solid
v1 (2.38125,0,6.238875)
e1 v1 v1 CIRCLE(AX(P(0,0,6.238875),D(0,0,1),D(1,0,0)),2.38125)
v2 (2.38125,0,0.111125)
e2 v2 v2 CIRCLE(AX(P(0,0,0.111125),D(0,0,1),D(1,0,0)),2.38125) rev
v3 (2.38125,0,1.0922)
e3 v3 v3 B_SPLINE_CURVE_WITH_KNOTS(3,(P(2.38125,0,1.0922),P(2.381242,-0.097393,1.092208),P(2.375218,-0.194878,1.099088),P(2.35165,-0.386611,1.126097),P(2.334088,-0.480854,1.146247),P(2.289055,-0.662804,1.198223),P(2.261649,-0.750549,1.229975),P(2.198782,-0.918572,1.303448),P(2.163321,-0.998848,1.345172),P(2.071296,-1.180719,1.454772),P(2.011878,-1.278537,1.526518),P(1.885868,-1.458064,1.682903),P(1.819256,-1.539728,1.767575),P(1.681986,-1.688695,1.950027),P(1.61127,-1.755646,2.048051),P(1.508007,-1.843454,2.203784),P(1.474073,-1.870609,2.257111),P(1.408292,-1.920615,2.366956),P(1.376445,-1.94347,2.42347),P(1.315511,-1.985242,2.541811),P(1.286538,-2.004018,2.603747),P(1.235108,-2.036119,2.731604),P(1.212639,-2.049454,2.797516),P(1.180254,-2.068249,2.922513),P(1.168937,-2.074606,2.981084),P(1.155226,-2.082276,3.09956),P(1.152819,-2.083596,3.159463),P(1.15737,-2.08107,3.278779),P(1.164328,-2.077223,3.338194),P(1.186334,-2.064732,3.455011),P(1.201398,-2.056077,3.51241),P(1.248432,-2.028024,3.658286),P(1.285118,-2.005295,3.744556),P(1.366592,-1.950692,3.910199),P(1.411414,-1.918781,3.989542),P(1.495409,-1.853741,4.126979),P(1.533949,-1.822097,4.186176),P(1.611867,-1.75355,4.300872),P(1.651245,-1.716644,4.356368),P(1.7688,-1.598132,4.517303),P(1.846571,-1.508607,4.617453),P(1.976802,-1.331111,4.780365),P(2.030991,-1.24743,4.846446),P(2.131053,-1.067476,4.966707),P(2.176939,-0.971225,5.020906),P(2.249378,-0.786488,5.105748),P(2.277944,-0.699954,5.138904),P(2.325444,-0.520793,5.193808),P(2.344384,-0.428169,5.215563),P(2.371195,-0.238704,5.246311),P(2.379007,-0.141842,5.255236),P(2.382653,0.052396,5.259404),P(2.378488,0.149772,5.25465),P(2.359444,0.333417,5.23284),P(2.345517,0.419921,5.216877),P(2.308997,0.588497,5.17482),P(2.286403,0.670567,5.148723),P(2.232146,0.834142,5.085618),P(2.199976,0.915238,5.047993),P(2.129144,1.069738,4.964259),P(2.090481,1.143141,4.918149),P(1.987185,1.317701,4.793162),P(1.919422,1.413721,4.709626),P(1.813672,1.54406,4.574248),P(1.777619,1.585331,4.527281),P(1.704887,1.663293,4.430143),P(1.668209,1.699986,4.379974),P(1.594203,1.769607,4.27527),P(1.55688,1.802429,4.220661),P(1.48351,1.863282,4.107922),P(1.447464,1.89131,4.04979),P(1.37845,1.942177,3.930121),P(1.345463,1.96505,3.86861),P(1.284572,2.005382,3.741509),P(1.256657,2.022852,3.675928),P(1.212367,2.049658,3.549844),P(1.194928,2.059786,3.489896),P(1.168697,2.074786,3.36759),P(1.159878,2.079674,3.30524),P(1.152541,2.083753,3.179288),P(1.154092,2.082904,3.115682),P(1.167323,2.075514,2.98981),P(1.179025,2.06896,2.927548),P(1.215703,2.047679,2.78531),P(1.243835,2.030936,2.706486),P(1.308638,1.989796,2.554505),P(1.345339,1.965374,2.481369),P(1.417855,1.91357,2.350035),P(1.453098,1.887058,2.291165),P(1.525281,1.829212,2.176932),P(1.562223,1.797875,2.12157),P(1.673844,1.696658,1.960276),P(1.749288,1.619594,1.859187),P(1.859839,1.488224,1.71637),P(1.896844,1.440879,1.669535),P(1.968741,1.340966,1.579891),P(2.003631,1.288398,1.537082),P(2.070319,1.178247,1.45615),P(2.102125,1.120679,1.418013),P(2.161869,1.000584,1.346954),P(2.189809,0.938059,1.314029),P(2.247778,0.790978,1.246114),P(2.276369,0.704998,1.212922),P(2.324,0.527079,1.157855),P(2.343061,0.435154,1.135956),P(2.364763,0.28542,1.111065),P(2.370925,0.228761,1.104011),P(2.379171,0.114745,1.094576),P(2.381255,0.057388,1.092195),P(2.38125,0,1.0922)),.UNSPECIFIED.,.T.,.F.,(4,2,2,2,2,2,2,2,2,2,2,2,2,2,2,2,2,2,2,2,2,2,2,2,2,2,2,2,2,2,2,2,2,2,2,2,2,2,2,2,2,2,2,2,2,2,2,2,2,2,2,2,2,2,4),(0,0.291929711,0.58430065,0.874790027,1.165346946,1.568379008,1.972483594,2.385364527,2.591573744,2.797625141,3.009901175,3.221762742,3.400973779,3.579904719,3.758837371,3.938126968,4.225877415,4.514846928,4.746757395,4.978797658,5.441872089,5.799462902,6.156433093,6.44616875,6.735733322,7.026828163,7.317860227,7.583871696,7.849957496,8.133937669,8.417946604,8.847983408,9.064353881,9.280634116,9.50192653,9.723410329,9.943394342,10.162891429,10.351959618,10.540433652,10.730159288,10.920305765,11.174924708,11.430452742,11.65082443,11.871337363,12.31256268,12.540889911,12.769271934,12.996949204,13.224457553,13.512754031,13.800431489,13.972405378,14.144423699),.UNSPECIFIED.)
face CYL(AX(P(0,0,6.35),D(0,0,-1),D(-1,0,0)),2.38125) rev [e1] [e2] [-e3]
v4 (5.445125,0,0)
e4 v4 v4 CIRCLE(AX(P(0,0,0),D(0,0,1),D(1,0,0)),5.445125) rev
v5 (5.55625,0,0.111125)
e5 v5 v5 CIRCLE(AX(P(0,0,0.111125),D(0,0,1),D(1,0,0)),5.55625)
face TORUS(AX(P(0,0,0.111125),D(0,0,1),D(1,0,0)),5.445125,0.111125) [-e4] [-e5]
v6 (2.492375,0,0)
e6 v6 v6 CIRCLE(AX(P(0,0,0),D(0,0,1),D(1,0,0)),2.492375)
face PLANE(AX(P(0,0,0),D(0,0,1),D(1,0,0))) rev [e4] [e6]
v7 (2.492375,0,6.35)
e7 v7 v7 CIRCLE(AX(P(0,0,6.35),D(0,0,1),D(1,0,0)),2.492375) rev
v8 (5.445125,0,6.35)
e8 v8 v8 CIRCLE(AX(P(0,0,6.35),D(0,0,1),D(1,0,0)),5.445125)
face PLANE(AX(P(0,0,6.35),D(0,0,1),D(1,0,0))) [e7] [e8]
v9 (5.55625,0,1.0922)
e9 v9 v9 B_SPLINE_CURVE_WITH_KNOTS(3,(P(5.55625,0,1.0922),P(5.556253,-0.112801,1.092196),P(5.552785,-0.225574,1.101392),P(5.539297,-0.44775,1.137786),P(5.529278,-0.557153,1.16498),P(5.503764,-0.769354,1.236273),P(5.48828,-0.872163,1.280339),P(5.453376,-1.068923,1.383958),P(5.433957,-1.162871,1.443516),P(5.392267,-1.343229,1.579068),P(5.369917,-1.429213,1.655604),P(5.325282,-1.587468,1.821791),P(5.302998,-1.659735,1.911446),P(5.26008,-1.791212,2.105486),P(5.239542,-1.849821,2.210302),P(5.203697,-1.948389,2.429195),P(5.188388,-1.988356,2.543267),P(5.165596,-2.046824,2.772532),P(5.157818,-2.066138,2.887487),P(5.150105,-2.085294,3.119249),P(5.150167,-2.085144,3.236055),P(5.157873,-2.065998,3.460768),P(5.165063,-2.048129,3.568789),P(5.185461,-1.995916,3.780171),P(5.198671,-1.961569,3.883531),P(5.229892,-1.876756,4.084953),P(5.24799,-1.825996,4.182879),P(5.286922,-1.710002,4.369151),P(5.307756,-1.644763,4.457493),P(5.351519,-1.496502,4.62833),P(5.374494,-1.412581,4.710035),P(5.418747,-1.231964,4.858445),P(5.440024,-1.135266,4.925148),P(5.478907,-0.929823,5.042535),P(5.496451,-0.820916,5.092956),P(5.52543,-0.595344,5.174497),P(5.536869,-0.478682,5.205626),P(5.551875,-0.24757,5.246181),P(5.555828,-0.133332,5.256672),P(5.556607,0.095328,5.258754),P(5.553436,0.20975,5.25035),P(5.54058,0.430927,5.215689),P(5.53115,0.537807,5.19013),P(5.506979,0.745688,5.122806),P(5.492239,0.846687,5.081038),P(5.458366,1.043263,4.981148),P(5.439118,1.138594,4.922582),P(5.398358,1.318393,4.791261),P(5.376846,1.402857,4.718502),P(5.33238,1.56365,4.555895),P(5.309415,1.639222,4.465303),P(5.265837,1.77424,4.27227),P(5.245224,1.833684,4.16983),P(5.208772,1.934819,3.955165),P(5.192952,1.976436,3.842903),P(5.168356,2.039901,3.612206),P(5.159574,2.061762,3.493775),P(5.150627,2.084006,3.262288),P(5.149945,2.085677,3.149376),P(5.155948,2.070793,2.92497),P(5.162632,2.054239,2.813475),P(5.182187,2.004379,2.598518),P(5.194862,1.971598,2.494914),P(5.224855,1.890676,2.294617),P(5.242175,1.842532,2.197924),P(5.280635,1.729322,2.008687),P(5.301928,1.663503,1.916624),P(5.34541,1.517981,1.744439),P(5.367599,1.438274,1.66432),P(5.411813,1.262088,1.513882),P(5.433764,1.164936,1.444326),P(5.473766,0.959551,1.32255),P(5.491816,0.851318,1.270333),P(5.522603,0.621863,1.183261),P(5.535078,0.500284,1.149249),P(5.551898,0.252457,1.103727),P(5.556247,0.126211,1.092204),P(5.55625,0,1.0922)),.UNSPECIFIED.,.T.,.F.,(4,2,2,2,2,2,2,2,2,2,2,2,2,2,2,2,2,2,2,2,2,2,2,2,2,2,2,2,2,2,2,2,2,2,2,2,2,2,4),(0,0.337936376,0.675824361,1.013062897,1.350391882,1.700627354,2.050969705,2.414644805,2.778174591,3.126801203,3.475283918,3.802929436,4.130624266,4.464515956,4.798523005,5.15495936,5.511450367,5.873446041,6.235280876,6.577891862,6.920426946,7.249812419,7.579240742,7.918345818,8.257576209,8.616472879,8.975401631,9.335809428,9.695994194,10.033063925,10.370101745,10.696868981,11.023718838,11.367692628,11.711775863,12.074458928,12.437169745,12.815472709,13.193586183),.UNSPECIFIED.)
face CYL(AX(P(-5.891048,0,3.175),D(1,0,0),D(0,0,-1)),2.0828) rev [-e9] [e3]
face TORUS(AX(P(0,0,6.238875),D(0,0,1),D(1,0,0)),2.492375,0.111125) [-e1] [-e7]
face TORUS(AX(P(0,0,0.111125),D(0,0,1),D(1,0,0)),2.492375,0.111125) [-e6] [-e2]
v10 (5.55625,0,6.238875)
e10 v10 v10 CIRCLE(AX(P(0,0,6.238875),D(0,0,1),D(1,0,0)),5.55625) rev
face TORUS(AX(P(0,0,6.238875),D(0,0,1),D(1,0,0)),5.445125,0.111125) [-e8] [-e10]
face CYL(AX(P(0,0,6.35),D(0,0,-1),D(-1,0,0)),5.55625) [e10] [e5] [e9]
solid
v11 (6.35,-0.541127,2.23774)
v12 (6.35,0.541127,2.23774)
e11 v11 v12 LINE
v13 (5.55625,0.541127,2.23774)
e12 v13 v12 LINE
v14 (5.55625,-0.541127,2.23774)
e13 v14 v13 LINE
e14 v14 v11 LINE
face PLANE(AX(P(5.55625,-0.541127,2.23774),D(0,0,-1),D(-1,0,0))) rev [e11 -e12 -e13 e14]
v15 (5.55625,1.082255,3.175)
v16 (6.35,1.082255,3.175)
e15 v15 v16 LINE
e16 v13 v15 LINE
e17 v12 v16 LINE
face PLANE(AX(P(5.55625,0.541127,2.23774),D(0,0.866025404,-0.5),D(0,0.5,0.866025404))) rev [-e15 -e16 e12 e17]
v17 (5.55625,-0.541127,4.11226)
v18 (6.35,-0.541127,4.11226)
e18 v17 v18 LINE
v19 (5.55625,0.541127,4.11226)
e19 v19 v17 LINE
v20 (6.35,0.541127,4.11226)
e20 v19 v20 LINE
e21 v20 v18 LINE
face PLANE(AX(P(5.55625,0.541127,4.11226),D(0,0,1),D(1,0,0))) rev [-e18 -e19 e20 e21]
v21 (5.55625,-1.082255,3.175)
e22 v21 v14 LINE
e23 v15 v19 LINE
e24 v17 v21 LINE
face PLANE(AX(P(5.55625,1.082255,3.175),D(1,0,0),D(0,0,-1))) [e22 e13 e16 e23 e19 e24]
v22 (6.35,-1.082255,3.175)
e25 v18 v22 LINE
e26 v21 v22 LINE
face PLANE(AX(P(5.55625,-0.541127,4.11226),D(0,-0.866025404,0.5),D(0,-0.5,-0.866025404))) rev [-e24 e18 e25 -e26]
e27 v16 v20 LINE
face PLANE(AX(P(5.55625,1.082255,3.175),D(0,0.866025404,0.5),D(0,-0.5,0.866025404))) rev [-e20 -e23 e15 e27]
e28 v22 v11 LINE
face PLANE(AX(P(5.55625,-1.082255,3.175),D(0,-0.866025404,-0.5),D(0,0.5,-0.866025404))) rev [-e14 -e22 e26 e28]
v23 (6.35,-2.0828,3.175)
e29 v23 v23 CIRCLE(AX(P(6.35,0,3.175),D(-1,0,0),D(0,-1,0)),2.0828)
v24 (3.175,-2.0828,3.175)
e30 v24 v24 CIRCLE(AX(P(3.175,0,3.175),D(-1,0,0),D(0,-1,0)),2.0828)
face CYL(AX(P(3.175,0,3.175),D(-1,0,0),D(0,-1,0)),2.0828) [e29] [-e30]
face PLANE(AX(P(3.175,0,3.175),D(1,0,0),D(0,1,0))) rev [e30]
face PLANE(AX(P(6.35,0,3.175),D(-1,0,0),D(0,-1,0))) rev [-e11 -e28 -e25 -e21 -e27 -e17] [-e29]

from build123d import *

# Parameters (mm, degrees)
SKETCH1_R          = 5.55625
SKETCH1_R_2        = 2.38125
EXTRUDE1_DEPTH     = 6.35
CUT_EXTRUDE1_REACH = 13.112
SKETCH2_R          = 2.0828
SKETCH3_W          = 3.175
SKETCH3_H          = 2.0828
CUT_EXTRUDE2_DEPTH = 0.79375
FILLET1_R          = 0.111125


with BuildPart() as part:
    # Sketch1 → Extrude1 (new body)
    with BuildSketch(Plane.XY):
        Circle(SKETCH1_R)
        Circle(SKETCH1_R_2, mode=Mode.SUBTRACT)
    extrude(amount=EXTRUDE1_DEPTH)

    # Sketch2 → Cut-Extrude1 (cut, up to next)
    with BuildSketch(Plane(origin=(5.55625, 0, 0), x_dir=(0, 0, -1), z_dir=(1, 0, 0)), mode=Mode.PRIVATE) as cut_extrude1_sk1:
        with Locations((-3.175, 0)):
            Circle(SKETCH2_R)
    cut_extrude1_tool1 = extrude(cut_extrude1_sk1.sketch, amount=-CUT_EXTRUDE1_REACH, mode=Mode.PRIVATE) & part.part
    add(cut_extrude1_tool1.solids().sort_by_distance((5.55625, 0, 3.175))[0], mode=Mode.SUBTRACT)

    # Fillet1
    fillet1_edges = [part.edges().sort_by_distance(p)[0] for p in [
        (-5.55625, 0, 0),
        (-5.55625, 0, 6.35),
        (-2.38125, 0, 0),
        (-2.38125, 0, 6.35),
    ]]
    fillet(fillet1_edges, radius=FILLET1_R)


with BuildPart() as body_2:
    # Sketch3 → Revolve1 (revolve)
    with BuildSketch(Plane.XY.offset(3.175)):
        with Locations((4.7625, 1.0414)):
            Rectangle(SKETCH3_W, SKETCH3_H)
    revolve(axis=Axis((3.175, 0, 3.175), (1, 0, 0)))

    # Sketch4 → Cut-Extrude2 (cut)
    with BuildSketch(Plane(origin=(6.35, 0, 0), x_dir=(0, 0, -1), z_dir=(1, 0, 0))):
        Polygon((-3.175, 1.082254627), (-4.11226, 0.541127313), (-4.11226, -0.541127313), (-3.175, -1.082254627), (-2.23774, -0.541127313), (-2.23774, 0.541127313), align=None)
    extrude(amount=-CUT_EXTRUDE2_DEPTH, mode=Mode.SUBTRACT)


solid = Compound([part.part, body_2.part])
